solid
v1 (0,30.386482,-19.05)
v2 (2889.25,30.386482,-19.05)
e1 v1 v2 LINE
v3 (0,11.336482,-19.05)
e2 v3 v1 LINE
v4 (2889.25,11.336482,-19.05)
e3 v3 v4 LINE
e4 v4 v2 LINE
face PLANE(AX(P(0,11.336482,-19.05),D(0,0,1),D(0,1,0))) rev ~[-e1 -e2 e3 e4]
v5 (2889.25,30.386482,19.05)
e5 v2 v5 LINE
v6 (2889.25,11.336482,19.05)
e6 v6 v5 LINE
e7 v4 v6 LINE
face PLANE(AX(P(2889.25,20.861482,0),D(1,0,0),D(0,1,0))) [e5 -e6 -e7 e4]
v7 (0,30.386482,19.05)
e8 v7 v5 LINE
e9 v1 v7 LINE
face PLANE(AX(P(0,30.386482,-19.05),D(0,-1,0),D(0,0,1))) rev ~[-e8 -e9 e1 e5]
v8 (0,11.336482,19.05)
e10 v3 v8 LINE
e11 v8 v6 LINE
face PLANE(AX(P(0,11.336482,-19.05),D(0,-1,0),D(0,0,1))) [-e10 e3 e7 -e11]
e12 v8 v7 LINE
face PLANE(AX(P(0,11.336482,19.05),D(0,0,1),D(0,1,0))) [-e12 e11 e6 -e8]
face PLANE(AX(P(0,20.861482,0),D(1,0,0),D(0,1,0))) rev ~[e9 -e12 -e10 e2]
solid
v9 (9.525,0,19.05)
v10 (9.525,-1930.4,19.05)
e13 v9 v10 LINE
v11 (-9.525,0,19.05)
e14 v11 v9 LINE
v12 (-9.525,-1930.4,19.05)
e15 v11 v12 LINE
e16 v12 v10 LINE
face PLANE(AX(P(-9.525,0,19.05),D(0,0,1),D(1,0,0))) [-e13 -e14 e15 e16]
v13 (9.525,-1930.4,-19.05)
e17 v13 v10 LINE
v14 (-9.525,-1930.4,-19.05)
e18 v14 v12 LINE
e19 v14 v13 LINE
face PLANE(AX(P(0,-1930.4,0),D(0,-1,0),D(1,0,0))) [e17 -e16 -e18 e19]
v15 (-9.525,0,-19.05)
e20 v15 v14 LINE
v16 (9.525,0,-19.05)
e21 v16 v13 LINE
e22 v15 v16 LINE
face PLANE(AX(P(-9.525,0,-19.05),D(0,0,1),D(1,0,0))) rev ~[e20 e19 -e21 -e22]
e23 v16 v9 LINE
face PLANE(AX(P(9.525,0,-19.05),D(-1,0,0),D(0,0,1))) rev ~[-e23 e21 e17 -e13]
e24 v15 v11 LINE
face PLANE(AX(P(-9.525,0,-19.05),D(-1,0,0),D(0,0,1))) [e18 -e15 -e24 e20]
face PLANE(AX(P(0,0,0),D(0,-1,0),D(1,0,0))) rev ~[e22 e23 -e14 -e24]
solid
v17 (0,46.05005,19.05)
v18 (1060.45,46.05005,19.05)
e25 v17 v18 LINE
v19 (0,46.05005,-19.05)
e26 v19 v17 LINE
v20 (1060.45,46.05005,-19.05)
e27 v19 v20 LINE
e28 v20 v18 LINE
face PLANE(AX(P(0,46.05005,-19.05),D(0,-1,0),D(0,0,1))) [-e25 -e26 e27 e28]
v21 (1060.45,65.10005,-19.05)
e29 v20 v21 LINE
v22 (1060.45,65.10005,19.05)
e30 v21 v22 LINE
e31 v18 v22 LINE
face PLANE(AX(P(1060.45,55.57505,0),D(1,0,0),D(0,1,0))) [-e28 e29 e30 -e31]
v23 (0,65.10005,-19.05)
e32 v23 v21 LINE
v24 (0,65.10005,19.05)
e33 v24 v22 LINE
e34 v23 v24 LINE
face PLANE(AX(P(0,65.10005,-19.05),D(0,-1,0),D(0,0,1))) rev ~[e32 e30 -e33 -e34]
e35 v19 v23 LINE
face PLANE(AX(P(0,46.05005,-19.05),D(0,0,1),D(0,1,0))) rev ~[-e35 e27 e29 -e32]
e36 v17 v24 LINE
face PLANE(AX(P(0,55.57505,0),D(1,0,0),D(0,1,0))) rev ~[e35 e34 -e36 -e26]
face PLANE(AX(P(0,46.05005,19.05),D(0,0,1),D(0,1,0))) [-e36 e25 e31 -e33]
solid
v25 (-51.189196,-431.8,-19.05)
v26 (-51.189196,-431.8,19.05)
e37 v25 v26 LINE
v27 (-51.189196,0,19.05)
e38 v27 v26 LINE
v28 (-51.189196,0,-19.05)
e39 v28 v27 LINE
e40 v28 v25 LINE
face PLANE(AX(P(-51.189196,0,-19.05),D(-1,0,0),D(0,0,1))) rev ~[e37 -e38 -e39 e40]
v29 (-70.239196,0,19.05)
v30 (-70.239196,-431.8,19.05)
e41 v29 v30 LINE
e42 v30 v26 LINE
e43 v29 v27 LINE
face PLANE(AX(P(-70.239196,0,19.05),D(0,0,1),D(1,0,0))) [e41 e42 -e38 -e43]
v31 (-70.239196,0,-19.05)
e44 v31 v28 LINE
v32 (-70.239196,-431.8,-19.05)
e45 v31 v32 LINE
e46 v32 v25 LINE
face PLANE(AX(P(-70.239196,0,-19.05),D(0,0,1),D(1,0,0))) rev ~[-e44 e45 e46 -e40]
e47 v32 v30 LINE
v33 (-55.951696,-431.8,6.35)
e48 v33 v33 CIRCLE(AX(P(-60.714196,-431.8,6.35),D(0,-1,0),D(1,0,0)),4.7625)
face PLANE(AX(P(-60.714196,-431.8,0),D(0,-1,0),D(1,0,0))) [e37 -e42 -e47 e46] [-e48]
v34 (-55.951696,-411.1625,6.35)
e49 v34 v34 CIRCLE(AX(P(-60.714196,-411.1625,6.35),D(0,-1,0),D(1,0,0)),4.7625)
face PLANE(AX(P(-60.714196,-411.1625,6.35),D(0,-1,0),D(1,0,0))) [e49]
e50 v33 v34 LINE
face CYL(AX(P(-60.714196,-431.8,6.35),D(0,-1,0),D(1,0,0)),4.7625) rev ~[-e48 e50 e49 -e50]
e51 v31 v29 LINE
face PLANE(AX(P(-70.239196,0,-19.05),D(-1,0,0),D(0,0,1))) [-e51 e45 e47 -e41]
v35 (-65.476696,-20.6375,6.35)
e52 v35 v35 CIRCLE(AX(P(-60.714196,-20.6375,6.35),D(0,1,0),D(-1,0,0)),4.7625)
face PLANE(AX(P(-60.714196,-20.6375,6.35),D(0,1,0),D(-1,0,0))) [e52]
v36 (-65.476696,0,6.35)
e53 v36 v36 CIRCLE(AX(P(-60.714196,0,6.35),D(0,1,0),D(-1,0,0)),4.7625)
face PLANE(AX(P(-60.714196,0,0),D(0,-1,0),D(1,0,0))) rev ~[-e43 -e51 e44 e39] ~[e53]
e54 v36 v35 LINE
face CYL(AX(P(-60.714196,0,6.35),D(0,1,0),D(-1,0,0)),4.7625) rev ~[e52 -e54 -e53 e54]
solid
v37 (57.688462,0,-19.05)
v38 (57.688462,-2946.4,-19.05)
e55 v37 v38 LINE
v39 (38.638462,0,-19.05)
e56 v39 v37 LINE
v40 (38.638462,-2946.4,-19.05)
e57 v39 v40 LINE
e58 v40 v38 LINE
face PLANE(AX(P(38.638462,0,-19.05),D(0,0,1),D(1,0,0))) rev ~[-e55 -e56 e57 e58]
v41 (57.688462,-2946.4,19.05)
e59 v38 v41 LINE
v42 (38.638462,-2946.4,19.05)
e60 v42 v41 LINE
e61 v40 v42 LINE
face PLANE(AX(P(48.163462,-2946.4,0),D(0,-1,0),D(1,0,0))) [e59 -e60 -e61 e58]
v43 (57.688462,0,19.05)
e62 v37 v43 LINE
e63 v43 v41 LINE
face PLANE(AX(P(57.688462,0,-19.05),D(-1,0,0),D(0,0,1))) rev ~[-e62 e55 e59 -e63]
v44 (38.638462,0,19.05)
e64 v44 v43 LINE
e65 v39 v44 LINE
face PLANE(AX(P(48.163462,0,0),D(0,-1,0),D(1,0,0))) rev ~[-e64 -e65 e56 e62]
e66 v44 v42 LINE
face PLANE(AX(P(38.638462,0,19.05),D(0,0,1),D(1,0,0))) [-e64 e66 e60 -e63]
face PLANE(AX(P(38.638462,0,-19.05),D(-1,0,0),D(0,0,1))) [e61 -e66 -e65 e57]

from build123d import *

# Parameters (mm, degrees)
F0_W      = 19.05
F0_H      = 38.1
F3_DEPTH  = 431.8
F1_W      = 19.05
F1_H      = 38.1
F4_DEPTH  = 1930.4
F2_W      = 19.05
F2_H      = 38.1
F5_DEPTH  = 2946.4
F6_W      = 19.05
F6_H      = 38.1
F8_DEPTH  = 2889.25
F7_W      = 19.05
F7_H      = 38.1
F9_DEPTH  = 1060.45
F10_R     = 4.7625
F11_DEPTH = 20.6375
F12_R     = 4.7625
F13_DEPTH = 20.6375


with BuildPart() as f3:
    # F0 (on Front) → F3 (new body)
    with BuildSketch(Plane.XZ):
        with Locations((-60.714196, 0)):
            Rectangle(F0_W, F0_H)
    extrude(amount=F3_DEPTH)

    # F10 (on face) → F11 (cut)
    with BuildSketch(Plane.XZ.offset(431.8)):
        with Locations((-60.714196, 6.35)):
            Circle(F10_R)
    extrude(amount=-F11_DEPTH, mode=Mode.SUBTRACT)

    # F12 (on face) → F13 (cut)
    with BuildSketch(Plane(origin=(0, 0, 0), x_dir=(-1, 0, 0), z_dir=(0, 1, 0))):
        with Locations((60.714196, 6.35)):
            Circle(F12_R)
    extrude(amount=-F13_DEPTH, mode=Mode.SUBTRACT)


with BuildPart() as f4:
    # F1 (on Front) → F4 (new body)
    with BuildSketch(Plane.XZ):
        Rectangle(F1_W, F1_H)
    extrude(amount=F4_DEPTH)


with BuildPart() as f5:
    # F2 (on Front) → F5 (new body)
    with BuildSketch(Plane.XZ):
        with Locations((48.163462, 0)):
            Rectangle(F2_W, F2_H)
    extrude(amount=F5_DEPTH)


with BuildPart() as f8:
    # F6 (on Right) → F8 (new body)
    with BuildSketch(Plane.YZ):
        with Locations((20.861482, 0)):
            Rectangle(F6_W, F6_H)
    extrude(amount=F8_DEPTH)


with BuildPart() as f9:
    # F7 (on Right) → F9 (new body)
    with BuildSketch(Plane.YZ):
        with Locations((55.57505, 0)):
            Rectangle(F7_W, F7_H)
    extrude(amount=F9_DEPTH)


solid = Compound([f3.part, f4.part, f5.part, f8.part, f9.part])
